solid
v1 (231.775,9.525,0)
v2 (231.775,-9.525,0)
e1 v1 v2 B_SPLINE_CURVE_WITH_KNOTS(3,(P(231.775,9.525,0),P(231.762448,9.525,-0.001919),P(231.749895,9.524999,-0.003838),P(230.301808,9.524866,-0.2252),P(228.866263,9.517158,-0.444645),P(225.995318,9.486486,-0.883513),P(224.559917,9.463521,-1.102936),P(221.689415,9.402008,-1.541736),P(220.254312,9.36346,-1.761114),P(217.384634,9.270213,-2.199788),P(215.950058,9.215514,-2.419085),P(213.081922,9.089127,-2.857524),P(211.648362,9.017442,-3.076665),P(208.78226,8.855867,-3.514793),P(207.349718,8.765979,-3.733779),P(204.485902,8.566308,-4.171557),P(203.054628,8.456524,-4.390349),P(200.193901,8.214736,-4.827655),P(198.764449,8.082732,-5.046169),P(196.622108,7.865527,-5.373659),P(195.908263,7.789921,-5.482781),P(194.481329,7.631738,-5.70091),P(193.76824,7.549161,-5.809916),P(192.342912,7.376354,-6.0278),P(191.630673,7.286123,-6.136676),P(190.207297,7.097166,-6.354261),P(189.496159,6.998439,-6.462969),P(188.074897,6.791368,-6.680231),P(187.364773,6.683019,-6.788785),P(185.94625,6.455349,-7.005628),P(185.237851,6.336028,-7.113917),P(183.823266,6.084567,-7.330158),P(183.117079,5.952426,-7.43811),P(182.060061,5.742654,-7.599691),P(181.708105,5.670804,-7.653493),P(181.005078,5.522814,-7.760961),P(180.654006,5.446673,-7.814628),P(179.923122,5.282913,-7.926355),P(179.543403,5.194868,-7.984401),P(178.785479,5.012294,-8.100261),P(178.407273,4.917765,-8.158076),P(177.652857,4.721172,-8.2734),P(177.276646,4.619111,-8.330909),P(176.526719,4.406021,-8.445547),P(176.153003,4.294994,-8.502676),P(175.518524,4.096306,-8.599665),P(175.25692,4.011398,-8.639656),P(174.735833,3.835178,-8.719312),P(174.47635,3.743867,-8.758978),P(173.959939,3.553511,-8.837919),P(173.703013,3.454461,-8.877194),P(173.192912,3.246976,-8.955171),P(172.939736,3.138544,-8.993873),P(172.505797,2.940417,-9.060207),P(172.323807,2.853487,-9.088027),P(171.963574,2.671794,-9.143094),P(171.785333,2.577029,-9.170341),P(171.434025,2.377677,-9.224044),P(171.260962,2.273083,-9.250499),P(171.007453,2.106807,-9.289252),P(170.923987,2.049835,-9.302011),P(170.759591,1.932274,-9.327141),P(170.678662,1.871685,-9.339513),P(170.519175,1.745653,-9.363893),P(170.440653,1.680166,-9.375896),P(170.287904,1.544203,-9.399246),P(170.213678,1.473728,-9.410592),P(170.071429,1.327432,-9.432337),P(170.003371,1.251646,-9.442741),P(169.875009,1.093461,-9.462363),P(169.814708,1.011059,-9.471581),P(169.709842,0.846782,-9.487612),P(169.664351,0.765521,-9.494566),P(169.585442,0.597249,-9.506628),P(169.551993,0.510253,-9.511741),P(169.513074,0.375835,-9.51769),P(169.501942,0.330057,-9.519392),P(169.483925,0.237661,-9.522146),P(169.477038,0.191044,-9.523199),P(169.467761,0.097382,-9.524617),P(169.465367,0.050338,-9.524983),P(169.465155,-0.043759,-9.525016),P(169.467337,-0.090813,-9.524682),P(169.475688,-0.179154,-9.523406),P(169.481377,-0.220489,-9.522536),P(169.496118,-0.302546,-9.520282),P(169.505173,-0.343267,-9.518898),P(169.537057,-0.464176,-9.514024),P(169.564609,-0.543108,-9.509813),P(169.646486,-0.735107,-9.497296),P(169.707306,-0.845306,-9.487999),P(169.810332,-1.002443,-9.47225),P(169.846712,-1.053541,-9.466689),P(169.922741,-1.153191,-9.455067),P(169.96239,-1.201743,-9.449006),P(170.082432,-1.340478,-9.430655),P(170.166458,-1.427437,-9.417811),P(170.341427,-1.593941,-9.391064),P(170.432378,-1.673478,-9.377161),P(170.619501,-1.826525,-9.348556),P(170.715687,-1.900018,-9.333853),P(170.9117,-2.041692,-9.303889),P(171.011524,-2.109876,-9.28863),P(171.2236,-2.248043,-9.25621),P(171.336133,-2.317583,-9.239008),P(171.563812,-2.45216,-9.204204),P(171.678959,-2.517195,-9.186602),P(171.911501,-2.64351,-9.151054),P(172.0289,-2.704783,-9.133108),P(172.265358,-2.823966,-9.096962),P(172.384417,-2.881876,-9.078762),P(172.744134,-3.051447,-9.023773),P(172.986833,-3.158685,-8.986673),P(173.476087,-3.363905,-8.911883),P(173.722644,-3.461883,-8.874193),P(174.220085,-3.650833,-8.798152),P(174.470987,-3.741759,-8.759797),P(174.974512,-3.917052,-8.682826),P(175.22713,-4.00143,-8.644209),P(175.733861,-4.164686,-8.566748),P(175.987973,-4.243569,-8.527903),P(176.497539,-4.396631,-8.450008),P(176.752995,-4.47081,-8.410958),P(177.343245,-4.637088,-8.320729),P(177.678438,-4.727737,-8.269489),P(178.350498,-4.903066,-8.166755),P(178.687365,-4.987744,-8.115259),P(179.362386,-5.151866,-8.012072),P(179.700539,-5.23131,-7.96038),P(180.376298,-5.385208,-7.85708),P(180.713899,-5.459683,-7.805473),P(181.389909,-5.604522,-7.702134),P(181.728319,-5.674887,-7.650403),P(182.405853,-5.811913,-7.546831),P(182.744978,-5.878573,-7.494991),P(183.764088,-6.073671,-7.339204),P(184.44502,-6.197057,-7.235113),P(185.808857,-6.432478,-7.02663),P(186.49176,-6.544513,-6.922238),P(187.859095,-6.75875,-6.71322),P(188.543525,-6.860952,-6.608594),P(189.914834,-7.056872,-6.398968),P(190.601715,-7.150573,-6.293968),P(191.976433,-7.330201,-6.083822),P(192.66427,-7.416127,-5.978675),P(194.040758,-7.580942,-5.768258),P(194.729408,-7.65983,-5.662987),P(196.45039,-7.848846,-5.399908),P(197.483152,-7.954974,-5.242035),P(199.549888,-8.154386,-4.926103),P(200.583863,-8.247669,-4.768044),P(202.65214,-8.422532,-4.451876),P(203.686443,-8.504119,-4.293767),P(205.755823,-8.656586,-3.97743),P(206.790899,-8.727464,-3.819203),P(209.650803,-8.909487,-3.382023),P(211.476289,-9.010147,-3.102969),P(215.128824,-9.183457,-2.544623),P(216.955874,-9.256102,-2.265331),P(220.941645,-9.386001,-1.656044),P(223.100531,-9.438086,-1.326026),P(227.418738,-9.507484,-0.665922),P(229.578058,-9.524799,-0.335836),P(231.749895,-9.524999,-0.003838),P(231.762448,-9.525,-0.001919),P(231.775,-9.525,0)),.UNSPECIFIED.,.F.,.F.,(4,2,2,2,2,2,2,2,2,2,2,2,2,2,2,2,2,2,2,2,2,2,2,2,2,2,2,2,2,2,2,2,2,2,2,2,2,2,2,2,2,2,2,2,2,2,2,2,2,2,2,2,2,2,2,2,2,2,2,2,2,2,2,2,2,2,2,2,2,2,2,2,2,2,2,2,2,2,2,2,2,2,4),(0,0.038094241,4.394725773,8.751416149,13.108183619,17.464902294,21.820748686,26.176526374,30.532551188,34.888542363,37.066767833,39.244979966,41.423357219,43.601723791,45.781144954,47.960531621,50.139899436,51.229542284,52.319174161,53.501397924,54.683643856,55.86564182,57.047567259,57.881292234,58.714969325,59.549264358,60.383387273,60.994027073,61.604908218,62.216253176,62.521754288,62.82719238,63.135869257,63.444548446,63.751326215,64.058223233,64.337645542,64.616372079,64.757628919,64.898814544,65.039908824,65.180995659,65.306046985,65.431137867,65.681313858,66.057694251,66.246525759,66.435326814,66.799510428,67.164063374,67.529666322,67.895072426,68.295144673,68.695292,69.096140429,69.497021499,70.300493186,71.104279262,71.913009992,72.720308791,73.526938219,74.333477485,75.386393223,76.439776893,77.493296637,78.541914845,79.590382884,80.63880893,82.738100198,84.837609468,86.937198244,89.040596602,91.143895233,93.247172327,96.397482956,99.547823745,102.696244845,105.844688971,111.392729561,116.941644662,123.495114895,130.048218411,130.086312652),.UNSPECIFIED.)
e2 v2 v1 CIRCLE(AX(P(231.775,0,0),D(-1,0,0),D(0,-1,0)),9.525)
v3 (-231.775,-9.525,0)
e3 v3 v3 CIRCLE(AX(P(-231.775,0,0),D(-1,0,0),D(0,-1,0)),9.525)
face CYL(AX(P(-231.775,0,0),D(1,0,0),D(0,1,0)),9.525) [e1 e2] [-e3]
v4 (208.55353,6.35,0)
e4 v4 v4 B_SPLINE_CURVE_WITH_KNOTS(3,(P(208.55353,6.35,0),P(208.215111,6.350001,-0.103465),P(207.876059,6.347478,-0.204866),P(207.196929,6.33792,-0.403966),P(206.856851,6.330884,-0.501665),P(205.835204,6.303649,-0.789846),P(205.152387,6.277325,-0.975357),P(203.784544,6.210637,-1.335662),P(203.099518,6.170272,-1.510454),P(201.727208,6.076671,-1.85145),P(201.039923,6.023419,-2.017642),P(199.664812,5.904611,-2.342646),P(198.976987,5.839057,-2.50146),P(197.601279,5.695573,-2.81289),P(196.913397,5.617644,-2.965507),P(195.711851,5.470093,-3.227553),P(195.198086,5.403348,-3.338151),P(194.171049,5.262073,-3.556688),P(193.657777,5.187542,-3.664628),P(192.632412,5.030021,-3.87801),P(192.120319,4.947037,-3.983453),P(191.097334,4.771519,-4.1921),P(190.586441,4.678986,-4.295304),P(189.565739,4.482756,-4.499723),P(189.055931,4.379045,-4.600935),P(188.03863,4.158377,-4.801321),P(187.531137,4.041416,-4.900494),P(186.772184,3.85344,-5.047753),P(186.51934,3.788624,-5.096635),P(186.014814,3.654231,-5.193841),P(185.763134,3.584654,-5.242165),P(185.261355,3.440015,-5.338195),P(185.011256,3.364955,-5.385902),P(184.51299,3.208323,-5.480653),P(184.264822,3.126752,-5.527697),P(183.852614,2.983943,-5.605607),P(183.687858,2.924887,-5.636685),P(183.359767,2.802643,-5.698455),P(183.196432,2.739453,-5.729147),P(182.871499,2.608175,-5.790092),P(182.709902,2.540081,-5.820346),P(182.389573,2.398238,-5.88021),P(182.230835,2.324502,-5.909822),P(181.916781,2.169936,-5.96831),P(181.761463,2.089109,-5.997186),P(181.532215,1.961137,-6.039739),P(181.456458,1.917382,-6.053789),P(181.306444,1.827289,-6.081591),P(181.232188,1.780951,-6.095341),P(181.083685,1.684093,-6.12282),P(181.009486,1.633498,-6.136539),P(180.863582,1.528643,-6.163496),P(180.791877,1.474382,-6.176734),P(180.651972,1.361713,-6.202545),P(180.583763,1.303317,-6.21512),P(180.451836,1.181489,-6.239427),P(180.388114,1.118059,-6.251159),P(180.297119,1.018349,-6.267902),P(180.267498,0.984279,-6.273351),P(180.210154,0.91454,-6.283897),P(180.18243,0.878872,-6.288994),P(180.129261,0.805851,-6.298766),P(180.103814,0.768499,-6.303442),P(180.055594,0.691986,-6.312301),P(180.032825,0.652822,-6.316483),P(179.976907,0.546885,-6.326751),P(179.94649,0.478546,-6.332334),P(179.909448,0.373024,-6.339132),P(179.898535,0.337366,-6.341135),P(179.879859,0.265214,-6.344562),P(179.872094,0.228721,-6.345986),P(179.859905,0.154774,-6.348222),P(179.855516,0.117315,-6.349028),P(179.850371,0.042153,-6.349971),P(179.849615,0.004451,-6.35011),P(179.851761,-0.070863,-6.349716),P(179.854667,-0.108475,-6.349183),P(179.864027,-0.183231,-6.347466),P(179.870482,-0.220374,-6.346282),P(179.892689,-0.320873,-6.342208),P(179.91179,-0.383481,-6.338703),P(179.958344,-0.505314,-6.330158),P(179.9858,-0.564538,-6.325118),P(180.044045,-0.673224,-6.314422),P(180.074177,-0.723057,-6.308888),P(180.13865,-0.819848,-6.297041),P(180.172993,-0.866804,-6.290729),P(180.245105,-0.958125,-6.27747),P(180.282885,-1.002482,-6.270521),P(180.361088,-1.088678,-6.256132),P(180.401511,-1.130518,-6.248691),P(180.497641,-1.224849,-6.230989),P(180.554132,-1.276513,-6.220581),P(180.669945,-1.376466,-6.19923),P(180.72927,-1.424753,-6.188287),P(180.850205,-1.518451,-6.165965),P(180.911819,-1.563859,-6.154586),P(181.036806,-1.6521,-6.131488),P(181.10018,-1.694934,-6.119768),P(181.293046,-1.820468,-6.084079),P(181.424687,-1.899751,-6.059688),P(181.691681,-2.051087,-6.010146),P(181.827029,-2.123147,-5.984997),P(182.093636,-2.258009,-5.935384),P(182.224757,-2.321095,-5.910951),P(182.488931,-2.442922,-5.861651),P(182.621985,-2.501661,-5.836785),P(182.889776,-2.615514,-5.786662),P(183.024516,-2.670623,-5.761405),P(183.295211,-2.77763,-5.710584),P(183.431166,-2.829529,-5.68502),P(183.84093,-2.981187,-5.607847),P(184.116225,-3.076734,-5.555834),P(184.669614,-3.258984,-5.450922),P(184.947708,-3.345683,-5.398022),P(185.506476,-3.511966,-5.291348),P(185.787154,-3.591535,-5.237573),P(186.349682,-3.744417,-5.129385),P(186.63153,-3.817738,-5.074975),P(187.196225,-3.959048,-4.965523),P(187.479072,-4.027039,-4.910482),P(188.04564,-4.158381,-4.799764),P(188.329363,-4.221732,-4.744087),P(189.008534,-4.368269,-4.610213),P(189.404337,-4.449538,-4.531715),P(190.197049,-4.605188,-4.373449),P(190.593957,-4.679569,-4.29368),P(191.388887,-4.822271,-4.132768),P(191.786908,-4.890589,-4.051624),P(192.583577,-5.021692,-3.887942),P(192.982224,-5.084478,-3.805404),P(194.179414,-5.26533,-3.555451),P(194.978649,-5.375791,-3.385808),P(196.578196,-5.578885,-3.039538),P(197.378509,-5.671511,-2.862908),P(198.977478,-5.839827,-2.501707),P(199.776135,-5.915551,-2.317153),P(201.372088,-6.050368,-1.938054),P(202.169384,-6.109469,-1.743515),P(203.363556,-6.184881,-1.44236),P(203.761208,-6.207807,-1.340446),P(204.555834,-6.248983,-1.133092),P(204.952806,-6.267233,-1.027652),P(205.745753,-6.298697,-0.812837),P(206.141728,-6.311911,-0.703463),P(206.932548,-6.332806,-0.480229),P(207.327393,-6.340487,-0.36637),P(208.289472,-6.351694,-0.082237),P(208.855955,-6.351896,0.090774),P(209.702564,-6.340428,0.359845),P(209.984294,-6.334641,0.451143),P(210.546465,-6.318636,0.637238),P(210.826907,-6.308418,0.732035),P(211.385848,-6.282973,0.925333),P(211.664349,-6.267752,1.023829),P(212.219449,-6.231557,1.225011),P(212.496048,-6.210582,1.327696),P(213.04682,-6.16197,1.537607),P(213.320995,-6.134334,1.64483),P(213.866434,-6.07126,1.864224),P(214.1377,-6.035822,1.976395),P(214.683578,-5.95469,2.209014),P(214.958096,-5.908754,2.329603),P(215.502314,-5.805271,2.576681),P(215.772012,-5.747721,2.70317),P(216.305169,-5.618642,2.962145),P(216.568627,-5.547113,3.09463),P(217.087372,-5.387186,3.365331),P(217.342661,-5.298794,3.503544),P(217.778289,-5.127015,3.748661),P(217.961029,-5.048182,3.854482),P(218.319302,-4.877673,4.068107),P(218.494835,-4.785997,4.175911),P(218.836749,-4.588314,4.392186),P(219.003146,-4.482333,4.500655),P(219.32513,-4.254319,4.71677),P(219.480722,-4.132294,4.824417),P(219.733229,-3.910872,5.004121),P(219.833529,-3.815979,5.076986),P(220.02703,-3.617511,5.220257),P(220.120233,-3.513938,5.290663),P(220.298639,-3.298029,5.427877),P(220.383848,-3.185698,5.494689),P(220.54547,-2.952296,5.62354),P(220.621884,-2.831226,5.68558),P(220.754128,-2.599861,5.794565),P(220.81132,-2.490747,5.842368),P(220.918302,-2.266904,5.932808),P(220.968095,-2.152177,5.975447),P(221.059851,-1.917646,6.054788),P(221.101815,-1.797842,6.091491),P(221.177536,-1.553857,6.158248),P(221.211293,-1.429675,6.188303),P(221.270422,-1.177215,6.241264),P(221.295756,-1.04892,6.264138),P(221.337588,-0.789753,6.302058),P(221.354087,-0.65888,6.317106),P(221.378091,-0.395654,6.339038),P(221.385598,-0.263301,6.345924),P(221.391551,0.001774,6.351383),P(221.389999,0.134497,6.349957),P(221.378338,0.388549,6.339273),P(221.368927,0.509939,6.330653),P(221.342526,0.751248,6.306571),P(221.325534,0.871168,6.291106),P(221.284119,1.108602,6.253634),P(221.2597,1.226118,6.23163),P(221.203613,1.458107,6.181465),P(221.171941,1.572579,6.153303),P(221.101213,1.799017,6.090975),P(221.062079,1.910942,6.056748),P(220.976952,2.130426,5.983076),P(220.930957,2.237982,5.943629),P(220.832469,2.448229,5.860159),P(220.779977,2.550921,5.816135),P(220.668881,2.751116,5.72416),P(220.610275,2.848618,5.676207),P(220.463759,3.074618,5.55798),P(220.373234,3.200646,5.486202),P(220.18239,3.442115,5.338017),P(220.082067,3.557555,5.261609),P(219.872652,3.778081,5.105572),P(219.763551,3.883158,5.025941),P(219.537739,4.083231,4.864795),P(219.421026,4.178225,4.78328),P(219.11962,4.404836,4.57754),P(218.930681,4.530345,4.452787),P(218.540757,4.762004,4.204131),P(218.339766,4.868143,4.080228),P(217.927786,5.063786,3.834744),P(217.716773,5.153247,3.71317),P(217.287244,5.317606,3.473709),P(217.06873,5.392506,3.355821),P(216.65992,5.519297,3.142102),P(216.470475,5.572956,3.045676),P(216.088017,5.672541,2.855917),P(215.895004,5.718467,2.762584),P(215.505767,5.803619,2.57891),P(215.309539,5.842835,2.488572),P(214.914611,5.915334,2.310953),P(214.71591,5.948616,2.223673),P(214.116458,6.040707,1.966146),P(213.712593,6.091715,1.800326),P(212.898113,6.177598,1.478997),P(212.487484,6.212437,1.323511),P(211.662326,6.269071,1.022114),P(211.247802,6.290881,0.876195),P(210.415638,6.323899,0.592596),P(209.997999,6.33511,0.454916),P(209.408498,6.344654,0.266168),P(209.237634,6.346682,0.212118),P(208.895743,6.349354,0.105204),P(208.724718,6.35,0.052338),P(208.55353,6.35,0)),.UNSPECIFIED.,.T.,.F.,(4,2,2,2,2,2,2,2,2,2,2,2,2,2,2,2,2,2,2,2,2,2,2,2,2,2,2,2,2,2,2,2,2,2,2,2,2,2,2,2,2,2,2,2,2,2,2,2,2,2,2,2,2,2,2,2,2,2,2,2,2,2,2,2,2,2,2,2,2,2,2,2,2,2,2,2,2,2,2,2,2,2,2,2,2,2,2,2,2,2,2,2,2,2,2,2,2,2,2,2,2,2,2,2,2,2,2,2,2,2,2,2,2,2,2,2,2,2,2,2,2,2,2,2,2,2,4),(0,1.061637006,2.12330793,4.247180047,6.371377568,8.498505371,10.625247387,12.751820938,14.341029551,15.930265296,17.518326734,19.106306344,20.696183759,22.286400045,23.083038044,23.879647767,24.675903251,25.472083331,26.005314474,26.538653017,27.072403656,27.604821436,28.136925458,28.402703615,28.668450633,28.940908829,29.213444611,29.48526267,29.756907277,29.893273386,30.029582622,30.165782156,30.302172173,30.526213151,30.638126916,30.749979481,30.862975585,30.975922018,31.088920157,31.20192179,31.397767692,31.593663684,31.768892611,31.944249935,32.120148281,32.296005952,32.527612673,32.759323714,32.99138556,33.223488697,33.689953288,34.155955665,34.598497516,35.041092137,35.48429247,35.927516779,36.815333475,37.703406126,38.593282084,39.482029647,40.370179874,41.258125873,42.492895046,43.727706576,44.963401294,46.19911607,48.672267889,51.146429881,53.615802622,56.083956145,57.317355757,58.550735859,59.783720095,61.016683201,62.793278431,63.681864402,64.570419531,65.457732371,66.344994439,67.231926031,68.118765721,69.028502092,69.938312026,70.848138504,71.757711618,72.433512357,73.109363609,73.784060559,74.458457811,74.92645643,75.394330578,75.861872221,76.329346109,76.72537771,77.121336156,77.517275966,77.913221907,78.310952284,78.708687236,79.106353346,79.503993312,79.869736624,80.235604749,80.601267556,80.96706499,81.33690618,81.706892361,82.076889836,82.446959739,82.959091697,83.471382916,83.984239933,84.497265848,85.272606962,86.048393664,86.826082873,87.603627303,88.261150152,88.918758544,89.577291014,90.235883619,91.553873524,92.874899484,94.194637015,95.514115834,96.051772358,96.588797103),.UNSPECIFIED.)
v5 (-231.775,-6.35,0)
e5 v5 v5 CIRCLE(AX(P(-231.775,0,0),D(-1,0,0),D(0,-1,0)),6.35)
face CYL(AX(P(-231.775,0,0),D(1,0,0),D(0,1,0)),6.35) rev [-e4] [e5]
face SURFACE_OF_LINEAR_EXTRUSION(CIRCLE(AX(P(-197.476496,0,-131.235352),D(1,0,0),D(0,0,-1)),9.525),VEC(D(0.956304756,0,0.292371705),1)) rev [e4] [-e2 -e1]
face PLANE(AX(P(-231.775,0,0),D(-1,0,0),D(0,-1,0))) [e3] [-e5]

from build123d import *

# Parameters (mm, degrees)
SKETCH13_R                          = 9.525
SKETCH13_R_2                        = 6.35
ROUND_75IN_X_125IN_SIDEWALL_1_DEPTH = 463.55
SKETCH15_R                          = 9.525
SKETCH15_R_2                        = 6.35
CUT_EXTRUDE1_DEPTH                  = 485.776105476


with BuildPart() as part:
    # Sketch13 → Round .75IN X .125IN SIDEWALL(1) (new body)
    with BuildSketch(Plane(origin=(231.775, 0, 0), x_dir=(0, -1, 0), z_dir=(-1, 0, 0))):
        Circle(SKETCH13_R)
        Circle(SKETCH13_R_2, mode=Mode.SUBTRACT)
    extrude(amount=ROUND_75IN_X_125IN_SIDEWALL_1_DEPTH)

    # Sketch15 → Cut-Extrude1 (cut, through all, along a direction that is not the sketch's normal)
    with BuildSketch(Plane(origin=(231.775, 0, 0), x_dir=(0, 0, -1), z_dir=(1, 0, 0))):
        with Locations(Location((0, 0, 0), (0, 0, 270))):
            Circle(SKETCH15_R)
        with Locations(Location((0, 0, 0), (0, 0, 90))):
            Circle(SKETCH15_R_2, mode=Mode.SUBTRACT)
        with Locations(Location((0, 0, 0), (0, 0, 90))):
            Circle(SKETCH15_R_2)
    extrude(amount=-CUT_EXTRUDE1_DEPTH, dir=(0.956304756, 0, 0.292371705), mode=Mode.SUBTRACT)


solid = part.part
